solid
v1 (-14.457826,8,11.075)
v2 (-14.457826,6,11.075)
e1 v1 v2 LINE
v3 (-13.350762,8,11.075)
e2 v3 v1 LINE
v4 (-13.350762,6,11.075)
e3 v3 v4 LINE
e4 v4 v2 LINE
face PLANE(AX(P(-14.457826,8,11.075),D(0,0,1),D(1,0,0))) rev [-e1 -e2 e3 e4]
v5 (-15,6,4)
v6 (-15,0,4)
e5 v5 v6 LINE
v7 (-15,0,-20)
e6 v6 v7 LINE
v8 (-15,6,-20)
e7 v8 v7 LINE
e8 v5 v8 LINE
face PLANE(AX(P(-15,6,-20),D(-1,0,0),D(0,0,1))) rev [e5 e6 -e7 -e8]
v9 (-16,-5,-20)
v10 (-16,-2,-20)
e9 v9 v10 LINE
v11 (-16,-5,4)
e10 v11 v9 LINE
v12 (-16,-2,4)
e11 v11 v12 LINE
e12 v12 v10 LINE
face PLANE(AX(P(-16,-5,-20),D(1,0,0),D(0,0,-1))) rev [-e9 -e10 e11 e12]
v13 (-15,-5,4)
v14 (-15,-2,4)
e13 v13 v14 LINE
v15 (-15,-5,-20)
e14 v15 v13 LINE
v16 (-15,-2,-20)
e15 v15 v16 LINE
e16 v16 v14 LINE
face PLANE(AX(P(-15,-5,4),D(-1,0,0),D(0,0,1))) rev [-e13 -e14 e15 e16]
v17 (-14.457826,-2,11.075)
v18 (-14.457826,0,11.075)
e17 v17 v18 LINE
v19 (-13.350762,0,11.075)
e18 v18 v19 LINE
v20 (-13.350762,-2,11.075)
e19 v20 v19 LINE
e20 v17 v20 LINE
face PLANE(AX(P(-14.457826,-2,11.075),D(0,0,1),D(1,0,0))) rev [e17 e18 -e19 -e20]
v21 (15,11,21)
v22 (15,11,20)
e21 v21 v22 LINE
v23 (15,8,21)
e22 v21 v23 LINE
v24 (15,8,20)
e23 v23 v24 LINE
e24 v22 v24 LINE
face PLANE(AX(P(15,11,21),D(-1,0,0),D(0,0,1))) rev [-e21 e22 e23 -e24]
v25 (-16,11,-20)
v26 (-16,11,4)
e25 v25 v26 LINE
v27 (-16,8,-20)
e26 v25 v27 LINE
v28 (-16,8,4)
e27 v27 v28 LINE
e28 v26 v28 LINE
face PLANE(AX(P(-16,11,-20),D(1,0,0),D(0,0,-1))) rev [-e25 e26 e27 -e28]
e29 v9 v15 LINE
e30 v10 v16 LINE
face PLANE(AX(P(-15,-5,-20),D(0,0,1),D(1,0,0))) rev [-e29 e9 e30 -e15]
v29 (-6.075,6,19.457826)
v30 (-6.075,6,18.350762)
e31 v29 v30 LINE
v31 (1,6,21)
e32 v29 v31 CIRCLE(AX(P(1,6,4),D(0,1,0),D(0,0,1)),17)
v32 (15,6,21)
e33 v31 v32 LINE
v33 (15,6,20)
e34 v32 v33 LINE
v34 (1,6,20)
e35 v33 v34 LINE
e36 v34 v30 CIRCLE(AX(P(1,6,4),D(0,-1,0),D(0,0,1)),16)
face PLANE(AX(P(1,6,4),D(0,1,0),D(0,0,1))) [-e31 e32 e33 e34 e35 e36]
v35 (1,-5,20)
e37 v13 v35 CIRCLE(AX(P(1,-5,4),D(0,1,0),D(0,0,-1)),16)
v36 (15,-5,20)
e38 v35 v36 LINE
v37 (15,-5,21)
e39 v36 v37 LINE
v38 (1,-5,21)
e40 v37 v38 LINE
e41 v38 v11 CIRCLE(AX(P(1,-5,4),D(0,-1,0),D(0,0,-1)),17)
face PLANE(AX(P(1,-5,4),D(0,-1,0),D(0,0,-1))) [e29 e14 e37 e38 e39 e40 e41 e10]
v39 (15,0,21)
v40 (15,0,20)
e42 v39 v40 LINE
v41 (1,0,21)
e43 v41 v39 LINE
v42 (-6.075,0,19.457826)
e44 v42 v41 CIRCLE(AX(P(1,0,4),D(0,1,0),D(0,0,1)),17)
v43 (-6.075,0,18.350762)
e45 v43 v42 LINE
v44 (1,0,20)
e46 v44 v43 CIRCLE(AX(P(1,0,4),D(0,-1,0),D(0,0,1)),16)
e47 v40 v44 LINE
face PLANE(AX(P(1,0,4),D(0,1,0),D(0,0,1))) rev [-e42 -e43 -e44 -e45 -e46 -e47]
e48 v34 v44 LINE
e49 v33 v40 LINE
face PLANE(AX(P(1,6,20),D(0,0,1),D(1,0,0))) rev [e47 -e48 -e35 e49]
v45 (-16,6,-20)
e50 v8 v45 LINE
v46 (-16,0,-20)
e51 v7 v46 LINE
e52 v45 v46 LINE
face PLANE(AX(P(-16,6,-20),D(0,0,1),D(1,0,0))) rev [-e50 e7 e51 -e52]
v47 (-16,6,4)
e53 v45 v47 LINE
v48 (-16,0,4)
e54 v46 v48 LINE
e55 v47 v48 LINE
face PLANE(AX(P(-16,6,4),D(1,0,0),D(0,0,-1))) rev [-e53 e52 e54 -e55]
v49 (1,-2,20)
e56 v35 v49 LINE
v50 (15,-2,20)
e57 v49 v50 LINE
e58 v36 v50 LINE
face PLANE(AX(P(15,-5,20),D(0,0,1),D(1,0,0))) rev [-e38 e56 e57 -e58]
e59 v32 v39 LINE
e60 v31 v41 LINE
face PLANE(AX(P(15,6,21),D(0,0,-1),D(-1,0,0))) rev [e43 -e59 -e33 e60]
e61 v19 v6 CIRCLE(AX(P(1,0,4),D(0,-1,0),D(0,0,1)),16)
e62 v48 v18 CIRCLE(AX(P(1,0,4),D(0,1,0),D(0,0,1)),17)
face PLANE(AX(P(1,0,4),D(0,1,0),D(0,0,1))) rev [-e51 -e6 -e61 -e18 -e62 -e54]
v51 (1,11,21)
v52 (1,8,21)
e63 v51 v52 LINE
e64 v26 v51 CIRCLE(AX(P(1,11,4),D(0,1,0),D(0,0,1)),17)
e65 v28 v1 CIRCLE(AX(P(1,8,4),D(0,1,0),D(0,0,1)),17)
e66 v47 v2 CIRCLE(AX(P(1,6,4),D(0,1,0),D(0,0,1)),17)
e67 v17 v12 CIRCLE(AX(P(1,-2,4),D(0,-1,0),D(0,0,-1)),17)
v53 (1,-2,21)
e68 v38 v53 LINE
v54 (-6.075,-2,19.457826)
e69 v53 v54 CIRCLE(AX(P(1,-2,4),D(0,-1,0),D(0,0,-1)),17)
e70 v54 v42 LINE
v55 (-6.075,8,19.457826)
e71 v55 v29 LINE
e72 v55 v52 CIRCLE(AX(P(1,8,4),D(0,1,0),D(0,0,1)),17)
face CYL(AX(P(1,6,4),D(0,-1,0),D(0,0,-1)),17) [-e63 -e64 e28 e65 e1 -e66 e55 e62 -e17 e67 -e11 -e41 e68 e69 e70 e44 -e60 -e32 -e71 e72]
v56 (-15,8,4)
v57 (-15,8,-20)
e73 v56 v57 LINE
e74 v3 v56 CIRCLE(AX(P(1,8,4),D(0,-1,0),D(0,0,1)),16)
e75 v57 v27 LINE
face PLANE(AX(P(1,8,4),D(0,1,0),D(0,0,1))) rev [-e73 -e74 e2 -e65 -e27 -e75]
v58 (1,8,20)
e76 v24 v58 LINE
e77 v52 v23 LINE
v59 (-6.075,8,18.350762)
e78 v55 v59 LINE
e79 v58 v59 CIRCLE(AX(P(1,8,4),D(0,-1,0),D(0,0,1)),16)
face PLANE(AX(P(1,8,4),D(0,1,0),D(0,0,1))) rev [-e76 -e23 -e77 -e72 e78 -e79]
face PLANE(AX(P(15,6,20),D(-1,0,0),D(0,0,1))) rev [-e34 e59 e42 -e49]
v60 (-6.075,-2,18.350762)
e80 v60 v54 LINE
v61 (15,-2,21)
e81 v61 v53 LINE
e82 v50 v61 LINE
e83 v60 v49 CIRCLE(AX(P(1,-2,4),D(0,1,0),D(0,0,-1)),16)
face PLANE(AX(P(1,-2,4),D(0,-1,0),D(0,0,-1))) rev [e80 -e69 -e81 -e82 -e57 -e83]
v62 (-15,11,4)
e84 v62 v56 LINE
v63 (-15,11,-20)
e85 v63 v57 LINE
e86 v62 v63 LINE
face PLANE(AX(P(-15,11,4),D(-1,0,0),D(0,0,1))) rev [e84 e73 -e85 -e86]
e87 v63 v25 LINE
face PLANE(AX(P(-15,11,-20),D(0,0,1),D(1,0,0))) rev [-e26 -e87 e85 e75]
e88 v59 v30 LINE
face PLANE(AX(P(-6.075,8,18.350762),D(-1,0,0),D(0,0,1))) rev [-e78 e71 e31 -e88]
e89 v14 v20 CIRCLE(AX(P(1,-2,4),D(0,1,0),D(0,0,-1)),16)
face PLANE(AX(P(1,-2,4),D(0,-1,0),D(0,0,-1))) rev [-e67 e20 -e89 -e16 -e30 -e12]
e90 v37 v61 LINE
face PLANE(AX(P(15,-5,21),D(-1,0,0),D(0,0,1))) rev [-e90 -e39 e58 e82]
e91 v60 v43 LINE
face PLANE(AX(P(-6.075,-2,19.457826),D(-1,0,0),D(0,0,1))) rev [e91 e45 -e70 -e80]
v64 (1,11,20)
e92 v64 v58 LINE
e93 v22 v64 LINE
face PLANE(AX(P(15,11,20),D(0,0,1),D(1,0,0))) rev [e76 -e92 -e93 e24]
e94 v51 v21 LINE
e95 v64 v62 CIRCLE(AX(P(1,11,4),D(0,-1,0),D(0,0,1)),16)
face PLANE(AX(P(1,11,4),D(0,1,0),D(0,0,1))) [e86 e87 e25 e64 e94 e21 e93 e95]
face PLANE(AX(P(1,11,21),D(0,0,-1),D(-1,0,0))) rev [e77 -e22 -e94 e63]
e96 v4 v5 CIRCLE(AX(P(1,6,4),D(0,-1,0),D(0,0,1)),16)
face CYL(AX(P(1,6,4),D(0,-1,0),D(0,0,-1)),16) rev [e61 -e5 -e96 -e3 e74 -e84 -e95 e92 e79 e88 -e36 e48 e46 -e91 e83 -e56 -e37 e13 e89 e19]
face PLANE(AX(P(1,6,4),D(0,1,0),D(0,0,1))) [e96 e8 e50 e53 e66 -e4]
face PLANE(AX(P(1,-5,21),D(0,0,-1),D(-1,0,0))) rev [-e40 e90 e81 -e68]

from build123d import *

# Parameters (mm, degrees)
EXTRUDE1_DEPTH = 6
EXTRUDE2_DEPTH = 2
EXTRUDE3_START = 2
EXTRUDE3_DEPTH = 2
EXTRUDE4_DEPTH = 3
EXTRUDE5_START = 3
EXTRUDE5_DEPTH = 3


with BuildPart() as part:
    # Sketch1 → Extrude1 (new body)
    with BuildSketch(Plane(origin=(0, 0, 0), x_dir=(1, 0, 0), z_dir=(0, 1, 0))):
        with BuildLine():
            Line((-15, 20), (-15, -4))
            ThreePointArc((-15, -4), (-10.313708499, -15.313708499), (1, -20))
            Line((1, -20), (15, -20))
            Line((15, -20), (15, -21))
            Line((15, -21), (1, -21))
            ThreePointArc((1, -21), (-11.02081528, -16.02081528), (-16, -4))
            Line((-16, -4), (-16, 20))
            Line((-16, 20), (-15, 20))
        make_face()
    extrude(amount=EXTRUDE1_DEPTH)

    # Sketch2 → Extrude2 (add)
    with BuildSketch(Plane(origin=(0, 6, 0), x_dir=(1, 0, 0), z_dir=(0, 1, 0))):
        with BuildLine():
            Line((-6.075, -18.350762175), (-6.075, -19.457825688))
            ThreePointArc((-6.075, -19.457825688), (-11.02081528, -16.02081528), (-14.457825688, -11.075))
            Line((-14.457825688, -11.075), (-13.350762175, -11.075))
            ThreePointArc((-13.350762175, -11.075), (-10.313708499, -15.313708499), (-6.075, -18.350762175))
        make_face()
    extrude(amount=EXTRUDE2_DEPTH)

    # Sketch3 → Extrude3 (add)
    with BuildSketch(Plane.XZ.offset(EXTRUDE3_START)):
        with BuildLine():
            Line((-14.457825688, 11.075), (-13.350762175, 11.075))
            ThreePointArc((-13.350762175, 11.075), (-10.313708499, 15.313708499), (-6.075, 18.350762175))
            Line((-6.075, 18.350762175), (-6.075, 19.457825688))
            ThreePointArc((-6.075, 19.457825688), (-11.02081528, 16.02081528), (-14.457825688, 11.075))
        make_face()
    extrude(amount=-EXTRUDE3_DEPTH)

    # Sketch4 → Extrude4 (add)
    with BuildSketch(Plane(origin=(0, 8, 0), x_dir=(1, 0, 0), z_dir=(0, 1, 0))):
        with BuildLine():
            Line((15, -21), (15, -20))
            Line((15, -20), (1, -20))
            ThreePointArc((1, -20), (-2.632341201, -19.582236598), (-6.075, -18.350762175))
            ThreePointArc((-6.075, -18.350762175), (-10.313708499, -15.313708499), (-13.350762175, -11.075))
            ThreePointArc((-13.350762175, -11.075), (-14.582236598, -7.632341201), (-15, -4))
            Line((-15, -4), (-15, 20))
            Line((-15, 20), (-16, 20))
            Line((-16, 20), (-16, -4))
            ThreePointArc((-16, -4), (-15.609982491, -7.62056372), (-14.457825688, -11.075))
            ThreePointArc((-14.457825688, -11.075), (-11.02081528, -16.02081528), (-6.075, -19.457825688))
            ThreePointArc((-6.075, -19.457825688), (-2.62056372, -20.609982491), (1, -21))
            Line((1, -21), (15, -21))
        make_face()
    extrude(amount=EXTRUDE4_DEPTH)

    # Sketch5 → Extrude5 (add)
    with BuildSketch(Plane.XZ.offset(2).offset(EXTRUDE5_START)):
        with BuildLine():
            Line((-16, -20), (-16, 4))
            ThreePointArc((-16, 4), (-15.609982491, 7.62056372), (-14.457825688, 11.075))
            ThreePointArc((-14.457825688, 11.075), (-11.02081528, 16.02081528), (-6.075, 19.457825688))
            ThreePointArc((-6.075, 19.457825688), (-2.62056372, 20.609982491), (1, 21))
            Line((1, 21), (15, 21))
            Line((15, 21), (15, 20))
            Line((15, 20), (1, 20))
            ThreePointArc((1, 20), (-2.632341201, 19.582236598), (-6.075, 18.350762175))
            ThreePointArc((-6.075, 18.350762175), (-10.313708499, 15.313708499), (-13.350762175, 11.075))
            ThreePointArc((-13.350762175, 11.075), (-14.582236598, 7.632341201), (-15, 4))
            Line((-15, 4), (-15, -20))
            Line((-15, -20), (-16, -20))
        make_face()
    extrude(amount=-EXTRUDE5_DEPTH)


solid = part.part
